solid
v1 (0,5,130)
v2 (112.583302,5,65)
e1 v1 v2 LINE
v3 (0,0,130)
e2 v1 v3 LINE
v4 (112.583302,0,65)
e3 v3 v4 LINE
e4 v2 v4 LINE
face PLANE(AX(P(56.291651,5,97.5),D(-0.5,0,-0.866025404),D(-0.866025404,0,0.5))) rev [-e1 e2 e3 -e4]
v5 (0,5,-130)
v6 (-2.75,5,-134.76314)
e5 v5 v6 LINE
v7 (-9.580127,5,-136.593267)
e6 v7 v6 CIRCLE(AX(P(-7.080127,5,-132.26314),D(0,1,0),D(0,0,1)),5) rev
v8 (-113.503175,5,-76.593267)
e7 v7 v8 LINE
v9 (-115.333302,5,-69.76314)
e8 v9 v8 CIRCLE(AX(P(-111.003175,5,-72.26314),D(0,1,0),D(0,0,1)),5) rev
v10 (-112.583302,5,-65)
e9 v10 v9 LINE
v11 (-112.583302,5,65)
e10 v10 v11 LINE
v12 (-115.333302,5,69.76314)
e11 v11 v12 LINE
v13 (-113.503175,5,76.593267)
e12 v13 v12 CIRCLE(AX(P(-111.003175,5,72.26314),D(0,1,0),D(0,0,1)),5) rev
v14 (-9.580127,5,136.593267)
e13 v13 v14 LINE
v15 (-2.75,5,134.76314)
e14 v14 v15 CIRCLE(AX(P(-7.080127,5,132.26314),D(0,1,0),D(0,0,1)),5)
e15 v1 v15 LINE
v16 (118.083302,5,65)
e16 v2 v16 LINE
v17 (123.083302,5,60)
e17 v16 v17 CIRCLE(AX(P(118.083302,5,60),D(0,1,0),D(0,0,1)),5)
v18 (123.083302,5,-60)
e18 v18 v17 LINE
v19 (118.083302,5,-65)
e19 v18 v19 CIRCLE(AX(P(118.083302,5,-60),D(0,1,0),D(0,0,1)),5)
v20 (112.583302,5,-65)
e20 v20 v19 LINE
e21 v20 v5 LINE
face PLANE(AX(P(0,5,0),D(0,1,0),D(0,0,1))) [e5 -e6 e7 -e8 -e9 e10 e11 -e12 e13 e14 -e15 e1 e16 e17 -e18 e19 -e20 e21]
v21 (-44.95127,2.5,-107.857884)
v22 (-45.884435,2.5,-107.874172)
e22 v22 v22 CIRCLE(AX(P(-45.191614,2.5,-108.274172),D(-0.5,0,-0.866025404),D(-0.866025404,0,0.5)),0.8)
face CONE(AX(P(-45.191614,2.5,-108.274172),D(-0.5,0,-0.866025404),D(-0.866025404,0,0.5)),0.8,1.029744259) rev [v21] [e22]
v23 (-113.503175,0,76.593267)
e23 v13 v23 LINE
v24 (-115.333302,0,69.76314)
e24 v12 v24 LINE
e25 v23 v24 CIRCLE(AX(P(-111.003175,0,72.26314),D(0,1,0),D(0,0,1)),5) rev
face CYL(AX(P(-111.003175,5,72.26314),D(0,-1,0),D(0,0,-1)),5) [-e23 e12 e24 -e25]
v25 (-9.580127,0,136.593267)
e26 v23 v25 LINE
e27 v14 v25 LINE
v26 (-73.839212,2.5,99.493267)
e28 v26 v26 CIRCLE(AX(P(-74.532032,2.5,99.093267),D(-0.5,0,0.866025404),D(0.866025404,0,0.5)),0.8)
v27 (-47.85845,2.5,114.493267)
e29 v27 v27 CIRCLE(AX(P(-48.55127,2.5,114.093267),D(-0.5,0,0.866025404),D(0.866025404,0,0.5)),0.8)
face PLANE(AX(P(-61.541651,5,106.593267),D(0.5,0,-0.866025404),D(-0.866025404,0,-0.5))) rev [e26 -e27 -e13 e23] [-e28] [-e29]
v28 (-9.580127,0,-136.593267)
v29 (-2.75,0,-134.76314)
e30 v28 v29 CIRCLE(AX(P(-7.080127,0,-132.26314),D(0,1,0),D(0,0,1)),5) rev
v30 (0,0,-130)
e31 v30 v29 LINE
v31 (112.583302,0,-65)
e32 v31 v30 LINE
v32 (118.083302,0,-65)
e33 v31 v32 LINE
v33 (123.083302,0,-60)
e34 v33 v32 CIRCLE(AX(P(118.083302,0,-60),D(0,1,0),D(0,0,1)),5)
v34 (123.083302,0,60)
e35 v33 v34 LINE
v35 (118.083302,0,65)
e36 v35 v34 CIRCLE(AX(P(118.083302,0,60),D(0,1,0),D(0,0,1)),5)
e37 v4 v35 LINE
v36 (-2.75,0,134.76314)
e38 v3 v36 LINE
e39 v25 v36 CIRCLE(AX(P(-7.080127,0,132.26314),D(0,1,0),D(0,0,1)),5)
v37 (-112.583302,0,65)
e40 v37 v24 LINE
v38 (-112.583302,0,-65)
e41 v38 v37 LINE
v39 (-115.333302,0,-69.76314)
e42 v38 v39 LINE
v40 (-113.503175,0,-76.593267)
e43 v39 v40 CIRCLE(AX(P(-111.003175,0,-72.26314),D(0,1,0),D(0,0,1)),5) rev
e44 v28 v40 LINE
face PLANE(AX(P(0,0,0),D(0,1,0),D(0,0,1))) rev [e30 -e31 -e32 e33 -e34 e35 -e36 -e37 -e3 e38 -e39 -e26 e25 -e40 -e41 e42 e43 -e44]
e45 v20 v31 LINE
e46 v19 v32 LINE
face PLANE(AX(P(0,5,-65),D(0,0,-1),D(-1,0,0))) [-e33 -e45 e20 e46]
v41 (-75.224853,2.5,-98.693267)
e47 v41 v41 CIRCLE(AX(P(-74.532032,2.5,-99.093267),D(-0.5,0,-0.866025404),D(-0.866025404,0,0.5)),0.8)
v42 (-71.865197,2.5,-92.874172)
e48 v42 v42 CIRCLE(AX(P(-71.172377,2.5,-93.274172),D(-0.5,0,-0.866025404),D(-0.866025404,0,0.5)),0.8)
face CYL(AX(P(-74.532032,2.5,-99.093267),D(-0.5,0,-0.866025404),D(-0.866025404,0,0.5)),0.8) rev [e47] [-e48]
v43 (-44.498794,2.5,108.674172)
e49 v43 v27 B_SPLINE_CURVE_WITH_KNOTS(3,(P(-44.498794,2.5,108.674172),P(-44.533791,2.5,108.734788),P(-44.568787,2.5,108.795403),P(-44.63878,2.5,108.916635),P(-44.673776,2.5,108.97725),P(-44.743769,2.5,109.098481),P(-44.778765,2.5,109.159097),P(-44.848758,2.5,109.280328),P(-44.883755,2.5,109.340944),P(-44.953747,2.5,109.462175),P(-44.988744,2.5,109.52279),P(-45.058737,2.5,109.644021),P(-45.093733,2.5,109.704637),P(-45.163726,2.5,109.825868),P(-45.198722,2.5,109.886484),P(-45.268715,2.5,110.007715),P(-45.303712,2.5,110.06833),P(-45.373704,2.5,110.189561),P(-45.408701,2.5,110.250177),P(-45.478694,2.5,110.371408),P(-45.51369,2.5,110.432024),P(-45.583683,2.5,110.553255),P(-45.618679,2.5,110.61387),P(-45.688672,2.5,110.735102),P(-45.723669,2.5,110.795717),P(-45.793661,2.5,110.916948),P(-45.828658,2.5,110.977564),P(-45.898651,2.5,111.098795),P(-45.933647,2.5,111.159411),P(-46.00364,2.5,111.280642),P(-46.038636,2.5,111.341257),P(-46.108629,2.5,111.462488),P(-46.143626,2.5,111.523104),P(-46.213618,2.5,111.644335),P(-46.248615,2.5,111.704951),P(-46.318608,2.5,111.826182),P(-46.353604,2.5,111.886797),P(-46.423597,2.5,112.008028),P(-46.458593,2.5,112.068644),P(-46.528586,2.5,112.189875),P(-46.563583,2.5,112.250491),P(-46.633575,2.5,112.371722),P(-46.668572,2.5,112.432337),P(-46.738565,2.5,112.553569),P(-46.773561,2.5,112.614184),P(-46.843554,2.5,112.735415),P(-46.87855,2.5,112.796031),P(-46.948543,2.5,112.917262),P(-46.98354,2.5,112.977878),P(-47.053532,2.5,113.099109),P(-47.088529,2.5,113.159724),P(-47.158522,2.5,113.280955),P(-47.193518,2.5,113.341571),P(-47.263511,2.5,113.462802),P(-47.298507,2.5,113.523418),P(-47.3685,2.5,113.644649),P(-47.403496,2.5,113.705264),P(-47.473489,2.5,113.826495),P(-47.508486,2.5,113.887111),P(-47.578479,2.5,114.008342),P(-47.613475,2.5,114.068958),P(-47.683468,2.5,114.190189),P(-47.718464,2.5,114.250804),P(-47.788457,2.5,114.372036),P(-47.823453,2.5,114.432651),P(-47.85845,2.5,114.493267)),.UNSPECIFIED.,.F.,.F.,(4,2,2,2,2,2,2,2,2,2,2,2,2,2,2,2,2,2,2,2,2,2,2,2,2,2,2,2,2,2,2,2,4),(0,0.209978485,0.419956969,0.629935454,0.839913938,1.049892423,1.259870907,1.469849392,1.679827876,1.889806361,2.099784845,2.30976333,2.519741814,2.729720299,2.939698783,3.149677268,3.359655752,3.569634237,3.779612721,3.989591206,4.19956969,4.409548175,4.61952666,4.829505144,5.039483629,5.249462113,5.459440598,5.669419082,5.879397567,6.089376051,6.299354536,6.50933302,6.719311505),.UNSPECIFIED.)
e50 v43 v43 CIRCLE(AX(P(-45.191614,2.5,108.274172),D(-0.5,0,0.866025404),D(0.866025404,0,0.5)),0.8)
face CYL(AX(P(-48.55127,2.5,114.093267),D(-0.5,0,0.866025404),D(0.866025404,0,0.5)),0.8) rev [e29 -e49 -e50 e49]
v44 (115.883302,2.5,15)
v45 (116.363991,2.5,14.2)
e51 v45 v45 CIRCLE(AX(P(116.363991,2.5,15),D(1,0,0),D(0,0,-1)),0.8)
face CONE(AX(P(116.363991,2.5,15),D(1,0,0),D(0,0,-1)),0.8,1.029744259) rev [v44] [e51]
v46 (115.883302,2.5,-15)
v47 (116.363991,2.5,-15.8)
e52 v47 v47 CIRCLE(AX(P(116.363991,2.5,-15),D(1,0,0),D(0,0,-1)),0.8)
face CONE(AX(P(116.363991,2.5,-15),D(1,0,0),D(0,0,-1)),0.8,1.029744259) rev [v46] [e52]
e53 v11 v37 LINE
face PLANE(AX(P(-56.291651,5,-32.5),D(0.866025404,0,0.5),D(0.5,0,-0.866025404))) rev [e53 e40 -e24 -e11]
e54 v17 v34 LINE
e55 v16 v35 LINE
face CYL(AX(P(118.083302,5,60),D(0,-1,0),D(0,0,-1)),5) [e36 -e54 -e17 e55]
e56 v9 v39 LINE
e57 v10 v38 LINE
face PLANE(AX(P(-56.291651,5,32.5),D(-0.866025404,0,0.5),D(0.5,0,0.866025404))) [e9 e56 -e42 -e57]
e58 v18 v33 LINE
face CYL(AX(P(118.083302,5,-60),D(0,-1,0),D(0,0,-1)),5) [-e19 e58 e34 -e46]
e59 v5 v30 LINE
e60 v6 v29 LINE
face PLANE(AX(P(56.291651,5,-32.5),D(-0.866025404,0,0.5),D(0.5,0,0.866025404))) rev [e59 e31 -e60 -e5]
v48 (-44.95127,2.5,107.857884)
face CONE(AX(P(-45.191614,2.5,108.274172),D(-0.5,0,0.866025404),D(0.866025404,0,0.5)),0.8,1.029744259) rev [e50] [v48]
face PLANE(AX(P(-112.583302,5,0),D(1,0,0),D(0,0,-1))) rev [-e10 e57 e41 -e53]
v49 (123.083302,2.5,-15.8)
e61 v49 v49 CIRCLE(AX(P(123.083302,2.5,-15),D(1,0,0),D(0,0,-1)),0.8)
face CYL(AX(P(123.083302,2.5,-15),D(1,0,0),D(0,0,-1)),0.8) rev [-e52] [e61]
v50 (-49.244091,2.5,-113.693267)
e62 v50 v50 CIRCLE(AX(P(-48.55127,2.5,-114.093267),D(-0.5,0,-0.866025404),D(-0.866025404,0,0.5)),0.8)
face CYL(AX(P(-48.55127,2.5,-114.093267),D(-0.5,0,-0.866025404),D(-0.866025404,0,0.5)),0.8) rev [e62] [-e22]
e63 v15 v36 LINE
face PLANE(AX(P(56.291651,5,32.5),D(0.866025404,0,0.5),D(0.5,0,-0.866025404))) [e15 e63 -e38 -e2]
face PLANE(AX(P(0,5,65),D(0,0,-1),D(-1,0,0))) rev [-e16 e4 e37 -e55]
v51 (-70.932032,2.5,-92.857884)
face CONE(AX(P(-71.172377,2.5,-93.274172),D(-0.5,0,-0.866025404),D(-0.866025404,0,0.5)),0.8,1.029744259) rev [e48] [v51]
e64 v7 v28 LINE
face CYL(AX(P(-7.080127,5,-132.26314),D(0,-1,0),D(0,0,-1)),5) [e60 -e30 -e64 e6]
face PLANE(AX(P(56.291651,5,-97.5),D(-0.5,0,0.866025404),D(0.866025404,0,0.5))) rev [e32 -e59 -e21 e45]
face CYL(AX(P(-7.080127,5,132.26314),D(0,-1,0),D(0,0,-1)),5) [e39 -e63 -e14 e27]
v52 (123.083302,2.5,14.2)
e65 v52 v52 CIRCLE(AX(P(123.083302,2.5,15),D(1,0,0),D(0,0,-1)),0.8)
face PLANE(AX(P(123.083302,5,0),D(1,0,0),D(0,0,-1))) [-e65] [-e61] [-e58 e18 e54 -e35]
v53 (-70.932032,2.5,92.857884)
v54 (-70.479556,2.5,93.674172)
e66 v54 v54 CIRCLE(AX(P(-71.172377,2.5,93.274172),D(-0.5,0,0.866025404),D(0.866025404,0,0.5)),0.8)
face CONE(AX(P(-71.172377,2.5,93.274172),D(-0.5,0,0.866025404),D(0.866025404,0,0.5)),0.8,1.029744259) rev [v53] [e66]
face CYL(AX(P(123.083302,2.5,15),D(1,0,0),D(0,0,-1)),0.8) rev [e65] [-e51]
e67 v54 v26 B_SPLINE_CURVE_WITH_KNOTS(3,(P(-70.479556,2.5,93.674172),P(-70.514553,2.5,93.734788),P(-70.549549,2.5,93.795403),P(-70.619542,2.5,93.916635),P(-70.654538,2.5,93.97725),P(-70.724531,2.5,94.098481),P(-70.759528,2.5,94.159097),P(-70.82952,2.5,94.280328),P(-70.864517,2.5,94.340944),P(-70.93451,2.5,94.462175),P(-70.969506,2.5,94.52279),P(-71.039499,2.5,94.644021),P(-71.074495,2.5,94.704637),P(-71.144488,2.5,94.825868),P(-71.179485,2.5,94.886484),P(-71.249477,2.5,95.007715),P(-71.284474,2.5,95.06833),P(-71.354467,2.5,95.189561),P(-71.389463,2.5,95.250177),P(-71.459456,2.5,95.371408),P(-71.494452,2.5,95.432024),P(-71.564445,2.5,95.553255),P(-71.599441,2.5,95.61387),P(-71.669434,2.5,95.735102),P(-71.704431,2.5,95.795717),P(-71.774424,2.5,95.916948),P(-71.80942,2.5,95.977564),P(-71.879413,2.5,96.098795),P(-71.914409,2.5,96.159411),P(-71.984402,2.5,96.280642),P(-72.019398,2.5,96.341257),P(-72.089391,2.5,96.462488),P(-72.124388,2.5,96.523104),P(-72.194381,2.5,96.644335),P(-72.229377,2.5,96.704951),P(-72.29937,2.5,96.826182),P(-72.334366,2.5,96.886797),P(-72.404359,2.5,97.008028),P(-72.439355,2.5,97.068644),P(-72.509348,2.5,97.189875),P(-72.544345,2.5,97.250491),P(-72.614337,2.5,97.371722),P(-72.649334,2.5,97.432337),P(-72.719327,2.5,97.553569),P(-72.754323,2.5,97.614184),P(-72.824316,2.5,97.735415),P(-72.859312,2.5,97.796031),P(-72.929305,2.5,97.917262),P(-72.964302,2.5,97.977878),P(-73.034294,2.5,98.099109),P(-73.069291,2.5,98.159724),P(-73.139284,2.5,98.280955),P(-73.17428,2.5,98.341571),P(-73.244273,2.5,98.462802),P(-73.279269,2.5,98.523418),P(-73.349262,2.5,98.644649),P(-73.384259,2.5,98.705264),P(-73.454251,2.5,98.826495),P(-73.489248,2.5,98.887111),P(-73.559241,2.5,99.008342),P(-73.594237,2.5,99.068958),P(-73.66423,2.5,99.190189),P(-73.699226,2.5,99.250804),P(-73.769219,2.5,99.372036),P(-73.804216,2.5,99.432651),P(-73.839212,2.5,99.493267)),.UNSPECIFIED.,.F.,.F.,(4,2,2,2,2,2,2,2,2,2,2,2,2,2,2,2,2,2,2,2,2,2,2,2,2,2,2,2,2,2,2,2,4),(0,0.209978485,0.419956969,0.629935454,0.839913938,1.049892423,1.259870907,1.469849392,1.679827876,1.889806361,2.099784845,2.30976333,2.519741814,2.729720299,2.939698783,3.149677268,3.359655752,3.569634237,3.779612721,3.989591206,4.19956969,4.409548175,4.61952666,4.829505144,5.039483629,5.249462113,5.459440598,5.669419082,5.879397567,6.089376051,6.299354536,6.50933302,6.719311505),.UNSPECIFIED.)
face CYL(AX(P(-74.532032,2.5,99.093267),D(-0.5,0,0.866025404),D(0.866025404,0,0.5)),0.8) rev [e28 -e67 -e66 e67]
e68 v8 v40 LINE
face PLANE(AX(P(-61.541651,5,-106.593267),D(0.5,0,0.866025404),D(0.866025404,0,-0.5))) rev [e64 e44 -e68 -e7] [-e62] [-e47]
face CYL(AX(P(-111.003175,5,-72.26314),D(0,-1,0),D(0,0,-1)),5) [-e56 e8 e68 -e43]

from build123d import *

# Parameters (mm, degrees)
EXTRUDE_1_DEPTH                  = 5
HOLE_WIZARD_M2_1_D               = 1.6
HOLE_WIZARD_M2_1_DEPTH           = 6.719311505
HOLE_WIZARD_M2_1_TIP             = 0.480688495
HOLE_WIZARD_M2_2_D               = 1.6
HOLE_WIZARD_M2_2_DEPTH           = 6.719311505
HOLE_WIZARD_M2_2_TIP             = 0.480688495
HOLE_WIZARD_M2_2_ON_FACE_2_D     = 1.6
HOLE_WIZARD_M2_2_ON_FACE_2_DEPTH = 6.719311505
HOLE_WIZARD_M2_2_ON_FACE_2_TIP   = 0.480688495
HOLE_WIZARD_M2_2_ON_FACE_3_D     = 1.6
HOLE_WIZARD_M2_2_ON_FACE_3_DEPTH = 6.719311505
HOLE_WIZARD_M2_2_ON_FACE_3_TIP   = 0.480688495
HOLE_WIZARD_M2_2_ON_FACE_4_D     = 1.6
HOLE_WIZARD_M2_2_ON_FACE_4_DEPTH = 6.719311505
HOLE_WIZARD_M2_2_ON_FACE_4_TIP   = 0.480688495


with BuildPart() as part:
    # 草图1 → 凸台-拉伸1 (new body)
    with BuildSketch(Plane(origin=(0, 0, 0), x_dir=(1, 0, 0), z_dir=(0, 1, 0))):
        Polygon((-112.583302492, 65), (-112.583302492, -65), (0, -130), (112.583302492, -65), (112.583302492, 65), (0, 130), align=None)
        with BuildLine():
            Line((0, -130), (-112.583302492, -65))
            Line((-112.583302492, -65), (-115.333302492, -69.763139721))
            ThreePointArc((-115.333302492, -69.763139721), (-115.832804605, -73.557234946), (-113.503175473, -76.59326674))
            Line((-113.503175473, -76.59326674), (-9.580127019, -136.59326674))
            ThreePointArc((-9.580127019, -136.59326674), (-5.786031793, -137.092768852), (-2.75, -134.763139721))
            Line((-2.75, -134.763139721), (0, -130))
        make_face()
        with BuildLine():
            Line((-115.333302492, 69.763139721), (-112.583302492, 65))
            Line((-112.583302492, 65), (0, 130))
            Line((0, 130), (-2.75, 134.763139721))
            ThreePointArc((-2.75, 134.763139721), (-5.786031793, 137.092768852), (-9.580127019, 136.59326674))
            Line((-9.580127019, 136.59326674), (-113.503175473, 76.59326674))
            ThreePointArc((-113.503175473, 76.59326674), (-115.832804605, 73.557234946), (-115.333302492, 69.763139721))
        make_face()
        with BuildLine():
            Line((112.583302492, 65), (112.583302492, -65))
            Line((112.583302492, -65), (118.083302492, -65))
            ThreePointArc((118.083302492, -65), (121.618836398, -63.535533906), (123.083302492, -60))
            Line((123.083302492, -60), (123.083302492, 60))
            ThreePointArc((123.083302492, 60), (121.618836398, 63.535533906), (118.083302492, 65))
            Line((118.083302492, 65), (112.583302492, 65))
        make_face()
    extrude(amount=EXTRUDE_1_DEPTH)

    # M2 螺纹孔1
    with Locations(Plane(origin=(123.083302492, 0, 0), x_dir=(0, 0, -1), z_dir=(1, 0, 0))):
        with Locations((15, 2.5), (-15, 2.5)):
            Hole(HOLE_WIZARD_M2_1_D / 2, depth=HOLE_WIZARD_M2_1_DEPTH)
            with Locations((0, 0, -(HOLE_WIZARD_M2_1_DEPTH + HOLE_WIZARD_M2_1_TIP / 2))):  # 118° drill point
                Cone(0, HOLE_WIZARD_M2_1_D / 2, HOLE_WIZARD_M2_1_TIP, mode=Mode.SUBTRACT)

    # M2 螺纹孔2
    with Locations(Plane(origin=(-48.551270189, 2.5, 114.09326674), x_dir=(0.866025403784, 0, 0.5), z_dir=(-0.5, 0, 0.866025403784))):
        with Locations((0, 0)):
            Hole(HOLE_WIZARD_M2_2_D / 2, depth=HOLE_WIZARD_M2_2_DEPTH)
            with Locations((0, 0, -(HOLE_WIZARD_M2_2_DEPTH + HOLE_WIZARD_M2_2_TIP / 2))):  # 118° drill point
                Cone(0, HOLE_WIZARD_M2_2_D / 2, HOLE_WIZARD_M2_2_TIP, mode=Mode.SUBTRACT)

    # M2 螺纹孔2 on face 2
    with Locations(Plane(origin=(-74.532032303, 2.5, 99.09326674), x_dir=(0.866025302838, 0, 0.500000174844), z_dir=(-0.500000174844, 0, 0.866025302838))):
        with Locations((0, 0)):
            Hole(HOLE_WIZARD_M2_2_ON_FACE_2_D / 2, depth=HOLE_WIZARD_M2_2_ON_FACE_2_DEPTH)
            with Locations((0, 0, -(HOLE_WIZARD_M2_2_ON_FACE_2_DEPTH + HOLE_WIZARD_M2_2_ON_FACE_2_TIP / 2))):  # 118° drill point
                Cone(0, HOLE_WIZARD_M2_2_ON_FACE_2_D / 2, HOLE_WIZARD_M2_2_ON_FACE_2_TIP, mode=Mode.SUBTRACT)

    # M2 螺纹孔2 on face 3
    with Locations(Plane(origin=(-74.532032303, 2.5, -99.09326674), x_dir=(-0.866025302838, 0, 0.500000174844), z_dir=(-0.500000174844, 0, -0.866025302838))):
        with Locations((0, 0)):
            Hole(HOLE_WIZARD_M2_2_ON_FACE_3_D / 2, depth=HOLE_WIZARD_M2_2_ON_FACE_3_DEPTH)
            with Locations((0, 0, -(HOLE_WIZARD_M2_2_ON_FACE_3_DEPTH + HOLE_WIZARD_M2_2_ON_FACE_3_TIP / 2))):  # 118° drill point
                Cone(0, HOLE_WIZARD_M2_2_ON_FACE_3_D / 2, HOLE_WIZARD_M2_2_ON_FACE_3_TIP, mode=Mode.SUBTRACT)

    # M2 螺纹孔2 on face 4
    with Locations(Plane(origin=(-48.551270189, 2.5, -114.09326674), x_dir=(-0.866025302838, 0, 0.500000174844), z_dir=(-0.500000174844, 0, -0.866025302838))):
        with Locations((0, 0)):
            Hole(HOLE_WIZARD_M2_2_ON_FACE_4_D / 2, depth=HOLE_WIZARD_M2_2_ON_FACE_4_DEPTH)
            with Locations((0, 0, -(HOLE_WIZARD_M2_2_ON_FACE_4_DEPTH + HOLE_WIZARD_M2_2_ON_FACE_4_TIP / 2))):  # 118° drill point
                Cone(0, HOLE_WIZARD_M2_2_ON_FACE_4_D / 2, HOLE_WIZARD_M2_2_ON_FACE_4_TIP, mode=Mode.SUBTRACT)


solid = part.part
